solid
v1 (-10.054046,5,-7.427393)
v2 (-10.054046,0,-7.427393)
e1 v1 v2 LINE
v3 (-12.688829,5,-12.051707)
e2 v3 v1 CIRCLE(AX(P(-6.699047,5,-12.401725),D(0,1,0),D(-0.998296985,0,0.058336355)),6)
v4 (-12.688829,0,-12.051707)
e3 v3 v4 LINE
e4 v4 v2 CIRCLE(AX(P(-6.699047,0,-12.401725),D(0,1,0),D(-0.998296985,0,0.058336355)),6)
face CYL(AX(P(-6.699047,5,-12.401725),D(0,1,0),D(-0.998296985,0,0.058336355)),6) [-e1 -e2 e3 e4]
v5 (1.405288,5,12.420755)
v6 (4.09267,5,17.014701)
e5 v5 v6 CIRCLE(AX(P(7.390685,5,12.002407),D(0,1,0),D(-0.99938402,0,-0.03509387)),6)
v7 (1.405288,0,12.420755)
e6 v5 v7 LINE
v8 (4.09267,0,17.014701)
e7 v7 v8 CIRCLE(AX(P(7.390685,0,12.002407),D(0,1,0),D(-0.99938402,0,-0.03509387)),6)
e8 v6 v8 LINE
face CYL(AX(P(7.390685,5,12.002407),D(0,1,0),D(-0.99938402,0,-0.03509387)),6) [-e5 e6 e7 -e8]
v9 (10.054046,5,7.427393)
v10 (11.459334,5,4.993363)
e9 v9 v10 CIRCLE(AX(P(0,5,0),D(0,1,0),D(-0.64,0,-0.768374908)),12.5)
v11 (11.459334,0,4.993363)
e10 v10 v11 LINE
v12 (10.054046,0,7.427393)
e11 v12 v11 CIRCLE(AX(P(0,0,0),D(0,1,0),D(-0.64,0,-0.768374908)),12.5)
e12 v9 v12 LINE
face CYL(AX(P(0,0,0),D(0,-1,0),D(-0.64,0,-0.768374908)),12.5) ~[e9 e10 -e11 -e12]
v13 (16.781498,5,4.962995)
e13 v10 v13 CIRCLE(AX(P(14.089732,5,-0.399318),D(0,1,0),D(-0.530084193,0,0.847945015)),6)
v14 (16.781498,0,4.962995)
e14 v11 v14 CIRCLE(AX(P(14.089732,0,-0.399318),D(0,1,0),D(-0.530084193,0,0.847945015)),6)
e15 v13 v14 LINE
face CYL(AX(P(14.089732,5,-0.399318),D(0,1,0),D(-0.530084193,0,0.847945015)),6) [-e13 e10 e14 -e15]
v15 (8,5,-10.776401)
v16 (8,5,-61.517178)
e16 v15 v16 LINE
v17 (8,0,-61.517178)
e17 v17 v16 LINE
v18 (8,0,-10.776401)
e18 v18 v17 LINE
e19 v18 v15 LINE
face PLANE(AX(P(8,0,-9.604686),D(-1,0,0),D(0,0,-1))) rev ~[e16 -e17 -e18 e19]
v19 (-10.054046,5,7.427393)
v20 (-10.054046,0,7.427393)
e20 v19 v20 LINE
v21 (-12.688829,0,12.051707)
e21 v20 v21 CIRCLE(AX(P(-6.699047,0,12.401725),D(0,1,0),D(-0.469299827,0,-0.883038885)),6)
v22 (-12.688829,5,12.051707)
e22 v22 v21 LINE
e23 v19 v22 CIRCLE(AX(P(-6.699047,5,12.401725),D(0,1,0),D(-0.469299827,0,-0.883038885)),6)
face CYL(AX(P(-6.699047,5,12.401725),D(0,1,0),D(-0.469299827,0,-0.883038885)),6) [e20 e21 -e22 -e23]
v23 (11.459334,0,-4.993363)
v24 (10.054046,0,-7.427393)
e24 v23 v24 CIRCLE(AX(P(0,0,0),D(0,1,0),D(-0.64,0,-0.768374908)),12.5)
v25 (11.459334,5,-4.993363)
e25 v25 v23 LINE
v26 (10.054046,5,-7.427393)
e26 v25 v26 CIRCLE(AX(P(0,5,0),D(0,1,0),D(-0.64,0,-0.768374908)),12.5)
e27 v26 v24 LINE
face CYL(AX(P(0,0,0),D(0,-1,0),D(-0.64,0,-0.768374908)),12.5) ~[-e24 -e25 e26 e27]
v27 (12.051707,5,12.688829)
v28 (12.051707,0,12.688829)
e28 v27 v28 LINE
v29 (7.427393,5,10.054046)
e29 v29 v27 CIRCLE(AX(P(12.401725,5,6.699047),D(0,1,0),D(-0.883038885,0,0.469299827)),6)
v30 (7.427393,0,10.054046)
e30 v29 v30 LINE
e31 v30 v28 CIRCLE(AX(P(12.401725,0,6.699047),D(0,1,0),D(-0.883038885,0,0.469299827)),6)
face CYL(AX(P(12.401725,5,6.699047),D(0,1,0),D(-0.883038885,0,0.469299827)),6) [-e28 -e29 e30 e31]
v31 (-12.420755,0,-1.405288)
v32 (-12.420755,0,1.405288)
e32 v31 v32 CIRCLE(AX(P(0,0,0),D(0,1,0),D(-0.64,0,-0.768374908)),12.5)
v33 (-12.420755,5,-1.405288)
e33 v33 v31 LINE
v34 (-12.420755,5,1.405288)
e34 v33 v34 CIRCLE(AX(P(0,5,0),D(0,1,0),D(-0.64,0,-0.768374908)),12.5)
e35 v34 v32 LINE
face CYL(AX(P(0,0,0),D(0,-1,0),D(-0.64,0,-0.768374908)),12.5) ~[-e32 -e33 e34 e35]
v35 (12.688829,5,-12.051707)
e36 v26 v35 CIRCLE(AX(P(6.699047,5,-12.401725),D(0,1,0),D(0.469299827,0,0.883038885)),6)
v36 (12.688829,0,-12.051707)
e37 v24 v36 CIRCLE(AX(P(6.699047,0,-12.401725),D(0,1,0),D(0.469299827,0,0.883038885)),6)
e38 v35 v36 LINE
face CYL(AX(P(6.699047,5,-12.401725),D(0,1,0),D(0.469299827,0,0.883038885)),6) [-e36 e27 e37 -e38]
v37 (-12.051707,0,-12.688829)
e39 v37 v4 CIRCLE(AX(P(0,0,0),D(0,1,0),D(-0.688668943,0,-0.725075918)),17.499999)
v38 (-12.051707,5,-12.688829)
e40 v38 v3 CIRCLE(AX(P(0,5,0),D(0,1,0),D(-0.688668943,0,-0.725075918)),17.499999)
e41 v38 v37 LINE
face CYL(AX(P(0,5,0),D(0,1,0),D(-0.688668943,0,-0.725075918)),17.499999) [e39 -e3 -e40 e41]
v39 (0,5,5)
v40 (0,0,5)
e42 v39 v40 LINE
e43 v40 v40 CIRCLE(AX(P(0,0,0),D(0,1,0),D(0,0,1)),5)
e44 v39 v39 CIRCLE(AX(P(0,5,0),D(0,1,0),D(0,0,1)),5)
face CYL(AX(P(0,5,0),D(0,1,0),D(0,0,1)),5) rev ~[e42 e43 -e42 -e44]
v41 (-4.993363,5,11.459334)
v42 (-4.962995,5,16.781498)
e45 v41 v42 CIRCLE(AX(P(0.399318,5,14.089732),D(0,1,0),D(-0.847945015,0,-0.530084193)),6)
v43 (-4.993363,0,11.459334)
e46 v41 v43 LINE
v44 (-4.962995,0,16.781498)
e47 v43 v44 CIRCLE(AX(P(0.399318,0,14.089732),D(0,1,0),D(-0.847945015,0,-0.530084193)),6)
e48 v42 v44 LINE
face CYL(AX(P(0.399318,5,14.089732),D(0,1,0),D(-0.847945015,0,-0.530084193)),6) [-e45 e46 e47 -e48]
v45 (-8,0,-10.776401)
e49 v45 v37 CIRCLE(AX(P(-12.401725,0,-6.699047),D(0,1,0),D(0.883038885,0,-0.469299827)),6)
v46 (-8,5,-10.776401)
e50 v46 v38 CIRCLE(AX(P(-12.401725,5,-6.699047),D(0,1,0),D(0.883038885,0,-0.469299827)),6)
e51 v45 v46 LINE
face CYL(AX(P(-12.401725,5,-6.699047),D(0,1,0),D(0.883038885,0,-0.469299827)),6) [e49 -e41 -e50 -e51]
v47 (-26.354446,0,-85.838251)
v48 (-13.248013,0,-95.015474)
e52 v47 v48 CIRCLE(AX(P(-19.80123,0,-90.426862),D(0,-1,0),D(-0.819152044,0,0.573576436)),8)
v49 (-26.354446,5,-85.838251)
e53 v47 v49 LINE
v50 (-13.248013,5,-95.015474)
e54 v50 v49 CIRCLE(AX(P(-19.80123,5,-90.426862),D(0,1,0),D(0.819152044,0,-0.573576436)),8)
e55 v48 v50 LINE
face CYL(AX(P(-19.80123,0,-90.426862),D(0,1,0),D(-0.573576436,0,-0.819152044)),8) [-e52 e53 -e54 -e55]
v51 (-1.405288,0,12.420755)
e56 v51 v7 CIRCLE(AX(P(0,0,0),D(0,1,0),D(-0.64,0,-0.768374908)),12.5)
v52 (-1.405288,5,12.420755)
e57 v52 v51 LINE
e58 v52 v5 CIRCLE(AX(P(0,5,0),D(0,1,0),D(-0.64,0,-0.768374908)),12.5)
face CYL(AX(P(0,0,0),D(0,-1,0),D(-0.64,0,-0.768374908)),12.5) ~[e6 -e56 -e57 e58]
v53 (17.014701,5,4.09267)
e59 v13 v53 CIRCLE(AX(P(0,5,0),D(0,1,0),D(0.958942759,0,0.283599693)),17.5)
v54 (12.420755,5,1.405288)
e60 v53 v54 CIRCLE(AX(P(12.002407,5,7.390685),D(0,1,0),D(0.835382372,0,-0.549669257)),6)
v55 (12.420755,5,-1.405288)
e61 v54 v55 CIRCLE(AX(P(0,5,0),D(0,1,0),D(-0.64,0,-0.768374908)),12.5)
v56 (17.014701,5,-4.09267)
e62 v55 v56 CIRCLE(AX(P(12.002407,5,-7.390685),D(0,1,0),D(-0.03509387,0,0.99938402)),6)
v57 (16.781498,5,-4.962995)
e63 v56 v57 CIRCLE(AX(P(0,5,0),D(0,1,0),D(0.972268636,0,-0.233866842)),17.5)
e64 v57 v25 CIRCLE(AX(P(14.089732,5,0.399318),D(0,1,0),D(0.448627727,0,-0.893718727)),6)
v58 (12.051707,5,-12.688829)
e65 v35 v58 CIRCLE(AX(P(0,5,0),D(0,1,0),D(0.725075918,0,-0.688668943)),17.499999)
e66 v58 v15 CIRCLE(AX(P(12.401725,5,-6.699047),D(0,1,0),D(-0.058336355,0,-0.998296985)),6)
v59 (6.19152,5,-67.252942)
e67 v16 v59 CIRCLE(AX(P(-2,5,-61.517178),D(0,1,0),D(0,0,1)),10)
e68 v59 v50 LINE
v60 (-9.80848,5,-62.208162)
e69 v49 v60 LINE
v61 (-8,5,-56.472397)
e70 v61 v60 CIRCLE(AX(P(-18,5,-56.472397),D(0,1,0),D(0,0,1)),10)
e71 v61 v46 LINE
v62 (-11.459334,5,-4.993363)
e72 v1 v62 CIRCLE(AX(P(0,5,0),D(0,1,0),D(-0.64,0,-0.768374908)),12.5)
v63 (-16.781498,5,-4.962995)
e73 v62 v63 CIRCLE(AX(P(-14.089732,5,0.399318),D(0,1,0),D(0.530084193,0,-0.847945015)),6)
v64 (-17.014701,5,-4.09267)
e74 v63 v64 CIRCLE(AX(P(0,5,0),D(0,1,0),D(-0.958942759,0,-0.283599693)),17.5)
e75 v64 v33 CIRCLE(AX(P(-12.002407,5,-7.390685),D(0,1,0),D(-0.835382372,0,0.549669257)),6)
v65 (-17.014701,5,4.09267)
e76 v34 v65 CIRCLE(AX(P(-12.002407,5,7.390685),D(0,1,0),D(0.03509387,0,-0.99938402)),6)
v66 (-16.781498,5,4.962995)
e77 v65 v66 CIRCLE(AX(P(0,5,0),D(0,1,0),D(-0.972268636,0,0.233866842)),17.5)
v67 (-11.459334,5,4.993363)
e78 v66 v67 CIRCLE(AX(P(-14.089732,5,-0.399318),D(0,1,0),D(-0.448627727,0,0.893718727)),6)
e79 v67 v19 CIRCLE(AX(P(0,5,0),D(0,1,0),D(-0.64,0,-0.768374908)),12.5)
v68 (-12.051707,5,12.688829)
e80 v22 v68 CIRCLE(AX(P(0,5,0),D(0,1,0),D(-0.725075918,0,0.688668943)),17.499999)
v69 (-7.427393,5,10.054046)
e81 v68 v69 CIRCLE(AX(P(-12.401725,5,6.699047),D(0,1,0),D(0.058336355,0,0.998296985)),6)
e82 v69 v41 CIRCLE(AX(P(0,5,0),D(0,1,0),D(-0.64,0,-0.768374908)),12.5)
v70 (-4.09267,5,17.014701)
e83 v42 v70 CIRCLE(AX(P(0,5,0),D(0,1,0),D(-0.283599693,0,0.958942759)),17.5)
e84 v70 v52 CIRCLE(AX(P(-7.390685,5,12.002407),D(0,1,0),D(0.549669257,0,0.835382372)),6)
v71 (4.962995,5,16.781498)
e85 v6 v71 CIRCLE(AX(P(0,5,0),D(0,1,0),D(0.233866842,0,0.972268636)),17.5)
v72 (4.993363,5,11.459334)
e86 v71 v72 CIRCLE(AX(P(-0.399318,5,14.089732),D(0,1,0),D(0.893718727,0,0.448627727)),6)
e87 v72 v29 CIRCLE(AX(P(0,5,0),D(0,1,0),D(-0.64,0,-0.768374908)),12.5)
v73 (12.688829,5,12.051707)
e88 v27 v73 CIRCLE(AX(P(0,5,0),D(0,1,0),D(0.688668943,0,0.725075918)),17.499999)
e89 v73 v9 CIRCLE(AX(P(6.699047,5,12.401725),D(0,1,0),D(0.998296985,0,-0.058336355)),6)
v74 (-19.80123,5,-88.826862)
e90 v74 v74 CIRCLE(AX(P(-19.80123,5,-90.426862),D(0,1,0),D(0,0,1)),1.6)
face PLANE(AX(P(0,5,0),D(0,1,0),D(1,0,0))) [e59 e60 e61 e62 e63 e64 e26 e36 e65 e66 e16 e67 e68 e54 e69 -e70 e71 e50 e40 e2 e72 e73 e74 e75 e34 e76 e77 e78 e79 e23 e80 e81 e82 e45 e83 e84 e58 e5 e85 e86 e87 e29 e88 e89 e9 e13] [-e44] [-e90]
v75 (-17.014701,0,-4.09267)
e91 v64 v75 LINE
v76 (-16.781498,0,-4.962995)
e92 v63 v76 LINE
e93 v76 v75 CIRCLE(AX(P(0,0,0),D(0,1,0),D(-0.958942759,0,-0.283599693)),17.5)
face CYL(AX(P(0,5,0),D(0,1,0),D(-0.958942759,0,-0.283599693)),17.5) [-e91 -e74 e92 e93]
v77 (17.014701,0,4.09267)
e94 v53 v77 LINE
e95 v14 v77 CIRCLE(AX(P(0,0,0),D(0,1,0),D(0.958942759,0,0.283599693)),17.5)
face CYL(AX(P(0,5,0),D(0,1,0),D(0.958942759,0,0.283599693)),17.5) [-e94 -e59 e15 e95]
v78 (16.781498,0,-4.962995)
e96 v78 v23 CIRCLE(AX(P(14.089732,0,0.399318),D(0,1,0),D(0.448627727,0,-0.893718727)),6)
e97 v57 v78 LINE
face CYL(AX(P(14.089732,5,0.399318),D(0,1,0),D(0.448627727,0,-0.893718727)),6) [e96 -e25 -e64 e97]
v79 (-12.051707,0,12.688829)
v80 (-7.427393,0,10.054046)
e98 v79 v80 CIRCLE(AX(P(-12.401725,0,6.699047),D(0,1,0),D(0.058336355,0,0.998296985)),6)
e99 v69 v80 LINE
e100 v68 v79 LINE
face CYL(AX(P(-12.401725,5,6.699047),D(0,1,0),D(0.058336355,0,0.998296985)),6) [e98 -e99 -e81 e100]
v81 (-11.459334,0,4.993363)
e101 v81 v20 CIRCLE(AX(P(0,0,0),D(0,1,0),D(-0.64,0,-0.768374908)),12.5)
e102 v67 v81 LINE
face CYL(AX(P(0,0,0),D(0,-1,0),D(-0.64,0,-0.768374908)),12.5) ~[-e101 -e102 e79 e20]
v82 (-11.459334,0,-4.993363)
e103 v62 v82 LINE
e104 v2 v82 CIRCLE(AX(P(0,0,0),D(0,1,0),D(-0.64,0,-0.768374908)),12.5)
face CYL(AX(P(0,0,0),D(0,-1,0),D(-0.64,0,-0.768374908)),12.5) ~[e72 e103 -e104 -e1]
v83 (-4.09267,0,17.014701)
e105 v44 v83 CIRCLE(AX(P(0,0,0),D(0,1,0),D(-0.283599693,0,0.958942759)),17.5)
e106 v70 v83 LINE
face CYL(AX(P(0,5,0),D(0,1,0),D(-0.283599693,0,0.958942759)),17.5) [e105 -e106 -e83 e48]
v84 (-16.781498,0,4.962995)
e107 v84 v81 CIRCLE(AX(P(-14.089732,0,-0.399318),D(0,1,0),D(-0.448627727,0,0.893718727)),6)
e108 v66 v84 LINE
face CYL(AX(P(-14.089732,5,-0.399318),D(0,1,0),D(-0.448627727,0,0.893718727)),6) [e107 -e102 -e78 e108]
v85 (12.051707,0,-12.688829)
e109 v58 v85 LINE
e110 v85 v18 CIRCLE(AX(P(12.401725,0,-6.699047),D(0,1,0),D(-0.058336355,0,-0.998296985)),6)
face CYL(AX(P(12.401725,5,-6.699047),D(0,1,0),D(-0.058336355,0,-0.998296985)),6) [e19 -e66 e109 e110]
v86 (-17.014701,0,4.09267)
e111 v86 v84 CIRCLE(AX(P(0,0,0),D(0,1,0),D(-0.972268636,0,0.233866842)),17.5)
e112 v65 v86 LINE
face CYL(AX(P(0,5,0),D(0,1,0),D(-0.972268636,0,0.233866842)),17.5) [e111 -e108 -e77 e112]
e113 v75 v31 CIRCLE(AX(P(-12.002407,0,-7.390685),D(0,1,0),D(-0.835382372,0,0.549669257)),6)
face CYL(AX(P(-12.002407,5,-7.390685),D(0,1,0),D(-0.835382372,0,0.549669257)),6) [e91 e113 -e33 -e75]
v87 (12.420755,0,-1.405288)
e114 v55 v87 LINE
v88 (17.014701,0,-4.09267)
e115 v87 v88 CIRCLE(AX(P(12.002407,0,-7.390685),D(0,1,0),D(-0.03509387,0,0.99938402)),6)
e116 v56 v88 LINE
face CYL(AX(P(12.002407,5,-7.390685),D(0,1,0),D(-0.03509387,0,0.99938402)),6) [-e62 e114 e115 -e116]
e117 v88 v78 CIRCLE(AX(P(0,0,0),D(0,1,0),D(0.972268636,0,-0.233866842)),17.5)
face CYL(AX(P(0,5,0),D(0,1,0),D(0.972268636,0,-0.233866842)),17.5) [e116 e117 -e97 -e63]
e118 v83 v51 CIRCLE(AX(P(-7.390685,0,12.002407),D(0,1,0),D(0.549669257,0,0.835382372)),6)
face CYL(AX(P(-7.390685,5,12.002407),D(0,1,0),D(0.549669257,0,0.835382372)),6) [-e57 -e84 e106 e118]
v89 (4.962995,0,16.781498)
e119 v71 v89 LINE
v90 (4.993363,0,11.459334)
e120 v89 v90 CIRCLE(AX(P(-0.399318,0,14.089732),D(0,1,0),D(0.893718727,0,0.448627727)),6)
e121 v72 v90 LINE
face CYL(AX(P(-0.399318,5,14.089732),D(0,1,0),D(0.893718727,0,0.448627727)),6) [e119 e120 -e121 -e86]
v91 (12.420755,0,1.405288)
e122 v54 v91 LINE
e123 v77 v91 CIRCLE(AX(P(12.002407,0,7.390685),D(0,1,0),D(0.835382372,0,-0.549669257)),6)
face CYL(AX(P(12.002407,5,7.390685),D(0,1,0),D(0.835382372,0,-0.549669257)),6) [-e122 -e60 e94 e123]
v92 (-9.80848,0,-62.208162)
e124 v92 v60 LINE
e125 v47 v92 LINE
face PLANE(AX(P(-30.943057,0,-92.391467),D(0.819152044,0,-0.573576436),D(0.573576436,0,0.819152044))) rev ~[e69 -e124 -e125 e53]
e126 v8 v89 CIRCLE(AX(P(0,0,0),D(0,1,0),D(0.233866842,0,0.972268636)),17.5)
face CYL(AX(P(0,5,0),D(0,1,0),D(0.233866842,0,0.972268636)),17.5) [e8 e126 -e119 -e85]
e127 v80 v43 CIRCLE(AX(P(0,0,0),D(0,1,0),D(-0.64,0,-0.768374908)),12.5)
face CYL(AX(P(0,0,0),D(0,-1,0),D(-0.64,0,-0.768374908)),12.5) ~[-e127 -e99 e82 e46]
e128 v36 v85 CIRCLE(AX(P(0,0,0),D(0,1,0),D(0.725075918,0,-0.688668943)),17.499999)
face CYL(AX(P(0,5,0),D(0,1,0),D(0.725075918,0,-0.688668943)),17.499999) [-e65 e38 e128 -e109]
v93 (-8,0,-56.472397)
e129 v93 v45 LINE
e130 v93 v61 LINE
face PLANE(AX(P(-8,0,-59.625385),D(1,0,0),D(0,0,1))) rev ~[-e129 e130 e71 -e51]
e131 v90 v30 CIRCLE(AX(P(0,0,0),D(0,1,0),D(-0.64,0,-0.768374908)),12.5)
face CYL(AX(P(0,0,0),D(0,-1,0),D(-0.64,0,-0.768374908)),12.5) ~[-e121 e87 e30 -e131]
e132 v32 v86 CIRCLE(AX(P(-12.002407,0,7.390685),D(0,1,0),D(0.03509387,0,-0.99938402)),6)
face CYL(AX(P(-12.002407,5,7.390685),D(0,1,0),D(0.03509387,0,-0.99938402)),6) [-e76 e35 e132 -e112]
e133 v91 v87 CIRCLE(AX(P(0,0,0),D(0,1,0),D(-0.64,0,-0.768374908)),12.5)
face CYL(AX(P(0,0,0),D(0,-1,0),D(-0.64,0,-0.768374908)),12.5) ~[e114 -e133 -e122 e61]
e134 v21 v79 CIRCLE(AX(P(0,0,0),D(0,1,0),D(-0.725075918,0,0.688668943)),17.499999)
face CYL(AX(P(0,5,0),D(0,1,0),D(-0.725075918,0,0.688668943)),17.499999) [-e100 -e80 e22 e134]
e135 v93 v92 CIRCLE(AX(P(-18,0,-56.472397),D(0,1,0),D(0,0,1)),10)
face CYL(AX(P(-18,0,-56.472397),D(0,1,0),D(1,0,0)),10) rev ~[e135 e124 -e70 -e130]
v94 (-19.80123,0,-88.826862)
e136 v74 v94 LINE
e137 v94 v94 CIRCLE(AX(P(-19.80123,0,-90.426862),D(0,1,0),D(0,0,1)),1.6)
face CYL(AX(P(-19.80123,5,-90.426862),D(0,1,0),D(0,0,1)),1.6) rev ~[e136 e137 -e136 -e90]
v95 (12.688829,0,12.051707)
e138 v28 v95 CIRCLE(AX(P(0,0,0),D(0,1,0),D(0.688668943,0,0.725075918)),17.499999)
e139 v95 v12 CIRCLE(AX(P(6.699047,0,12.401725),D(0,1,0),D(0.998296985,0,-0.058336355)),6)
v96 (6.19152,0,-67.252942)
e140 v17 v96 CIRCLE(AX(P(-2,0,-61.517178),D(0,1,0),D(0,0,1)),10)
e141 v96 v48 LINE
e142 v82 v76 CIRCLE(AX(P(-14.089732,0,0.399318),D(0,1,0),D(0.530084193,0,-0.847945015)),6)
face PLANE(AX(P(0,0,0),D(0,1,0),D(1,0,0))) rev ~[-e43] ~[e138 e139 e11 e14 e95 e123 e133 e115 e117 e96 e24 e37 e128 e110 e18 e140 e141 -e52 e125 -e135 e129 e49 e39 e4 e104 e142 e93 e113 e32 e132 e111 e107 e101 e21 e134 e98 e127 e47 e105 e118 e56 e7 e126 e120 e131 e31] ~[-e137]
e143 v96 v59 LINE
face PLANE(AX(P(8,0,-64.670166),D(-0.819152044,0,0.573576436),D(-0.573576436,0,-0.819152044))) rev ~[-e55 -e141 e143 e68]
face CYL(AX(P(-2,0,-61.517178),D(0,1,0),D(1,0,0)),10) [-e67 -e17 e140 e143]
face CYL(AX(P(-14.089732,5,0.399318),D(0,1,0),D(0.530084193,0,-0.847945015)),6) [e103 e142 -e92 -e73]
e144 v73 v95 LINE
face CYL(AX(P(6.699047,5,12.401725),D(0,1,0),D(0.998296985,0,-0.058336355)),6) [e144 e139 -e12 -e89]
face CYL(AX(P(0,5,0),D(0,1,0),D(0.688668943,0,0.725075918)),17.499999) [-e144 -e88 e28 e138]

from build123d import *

# Parameters (mm, degrees)
BOSS_EXTRUDE1_DEPTH = 5
FILLET1_RADIUS      = 8
FILLET1_LENGTH      = 5
FILLET2_R           = 10
SKETCH2_R           = 1.6
CUT_EXTRUDE2_DEPTH  = 103.399978443
BOSS_EXTRUDE3_DEPTH = 5
SKETCH6_R           = 5
CUT_EXTRUDE3_DEPTH  = 103.399978443


with BuildPart() as part:
    # Sketch1 → Boss-Extrude1 (new body)
    with BuildSketch(Plane(origin=(0, 0, 0), x_dir=(1, 0, 0), z_dir=(0, 1, 0))):
        with BuildLine():
            Line((8, 9.604686356), (8, 64.67016599))
            Line((8, 64.67016599), (-17.836624745, 101.568690121))
            Line((-17.836624745, 101.568690121), (-30.943057454, 92.391467139))
            Line((-30.943057454, 92.391467139), (-8, 59.625385368))
            Line((-8, 59.625385368), (-8, 9.604686356))
            ThreePointArc((-8, 9.604686356), (0, -12.5), (8, 9.604686356))
        make_face()
    extrude(amount=BOSS_EXTRUDE1_DEPTH)

    # Fillet1: full round fillet: the end face becomes a half cylinder, R = half its width
    fillet1_face = Plane((-24.3898411, 2.5, -96.98007863), x_dir=(0, 1, 0), z_dir=(-0.573576436351, 0, -0.819152044289))  # on the end face: x along it, z out of the body
    fillet1_slab = fillet1_face.offset(-FILLET1_RADIUS / 2) * Box(FILLET1_LENGTH, 2 * FILLET1_RADIUS, FILLET1_RADIUS, mode=Mode.PRIVATE)  # the body's end, R deep
    fillet1_round = Plane((-19.801229609, 2.5, -90.426862276), x_dir=(-0.573576436351, 0, -0.819152044289), z_dir=(0, 1, 0)) * Cylinder(FILLET1_RADIUS, FILLET1_LENGTH, mode=Mode.PRIVATE)  # its axis R under the face
    add(fillet1_slab - fillet1_round, mode=Mode.SUBTRACT)

    # Fillet2
    fillet2_edges = [part.edges().sort_by_distance(p)[0] for p in [
        (-8, 2.5, -59.625385368),
        (8, 2.5, -64.67016599),
    ]]
    fillet(fillet2_edges, radius=FILLET2_R)

    # Sketch2 → Cut-Extrude2 (cut, through all)
    with BuildSketch(Plane(origin=(0, 5, 0), x_dir=(1, 0, 0), z_dir=(0, 1, 0))):
        with Locations(Location((-19.801229609, 90.426862276, 0), (0, 0, 270))):
            Circle(SKETCH2_R)
    extrude(amount=-CUT_EXTRUDE2_DEPTH, mode=Mode.SUBTRACT)

    # Sketch5 → Boss-Extrude3 (add)
    with BuildSketch(Plane(origin=(0, 5, 0), x_dir=(1, 0, 0), z_dir=(0, 1, 0))):
        with BuildLine():
            ThreePointArc((-12.051706508, -12.688828561), (-9.162245044, -11.749370601), (-7.103491322, -9.514845613))
            ThreePointArc((-7.103491322, -9.514845613), (-5.937, -10.283185645), (-4.688352353, -10.909226747))
            ThreePointArc((-4.688352353, -10.909226747), (-5.594130897, -13.809422264), (-4.962994624, -16.781498275))
            ThreePointArc((-4.962994624, -16.781498275), (-4.529333289, -16.90370196), (-4.092669715, -17.014701132))
            ThreePointArc((-4.092669715, -17.014701132), (-2.060051663, -14.756375941), (-1.394381134, -11.791843675))
            ThreePointArc((-1.394381134, -11.791843675), (0, -11.874), (1.394381134, -11.791843675))
            ThreePointArc((1.394381134, -11.791843675), (2.060051663, -14.756375941), (4.092669715, -17.014701132))
            ThreePointArc((4.092669715, -17.014701132), (4.529333289, -16.90370196), (4.962994624, -16.781498275))
            ThreePointArc((4.962994624, -16.781498275), (5.594130897, -13.809422264), (4.688352353, -10.909226747))
            ThreePointArc((4.688352353, -10.909226747), (5.937, -10.283185645), (7.103491322, -9.514845613))
            ThreePointArc((7.103491322, -9.514845613), (9.162245044, -11.749370601), (12.051706508, -12.688828561))
            ThreePointArc((12.051706508, -12.688828561), (12.374368671, -12.374368671), (12.688828561, -12.051706508))
            ThreePointArc((12.688828561, -12.051706508), (11.749370601, -9.162245044), (9.514845613, -7.103491322))
            ThreePointArc((9.514845613, -7.103491322), (10.283185645, -5.937), (10.909226747, -4.688352353))
            ThreePointArc((10.909226747, -4.688352353), (13.809422264, -5.594130897), (16.781498275, -4.962994624))
            ThreePointArc((16.781498275, -4.962994624), (16.90370196, -4.529333289), (17.014701132, -4.092669715))
            ThreePointArc((17.014701132, -4.092669715), (14.756375941, -2.060051663), (11.791843675, -1.394381134))
            ThreePointArc((11.791843675, -1.394381134), (11.874, 0), (11.791843675, 1.394381134))
            ThreePointArc((11.791843675, 1.394381134), (14.756375941, 2.060051663), (17.014701132, 4.092669715))
            ThreePointArc((17.014701132, 4.092669715), (16.90370196, 4.529333289), (16.781498275, 4.962994624))
            ThreePointArc((16.781498275, 4.962994624), (13.809422264, 5.594130897), (10.909226747, 4.688352353))
            ThreePointArc((10.909226747, 4.688352353), (10.283185645, 5.937), (9.514845613, 7.103491322))
            ThreePointArc((9.514845613, 7.103491322), (11.749370601, 9.162245044), (12.688828561, 12.051706508))
            ThreePointArc((12.688828561, 12.051706508), (12.374368671, 12.374368671), (12.051706508, 12.688828561))
            ThreePointArc((12.051706508, 12.688828561), (9.162245044, 11.749370601), (7.103491322, 9.514845613))
            ThreePointArc((7.103491322, 9.514845613), (5.937, 10.283185645), (4.688352353, 10.909226747))
            ThreePointArc((4.688352353, 10.909226747), (5.594130897, 13.809422264), (4.962994624, 16.781498275))
            ThreePointArc((4.962994624, 16.781498275), (4.529333289, 16.90370196), (4.092669715, 17.014701132))
            ThreePointArc((4.092669715, 17.014701132), (2.060051663, 14.756375941), (1.394381134, 11.791843675))
            ThreePointArc((1.394381134, 11.791843675), (0, 11.874), (-1.394381134, 11.791843675))
            ThreePointArc((-1.394381134, 11.791843675), (-2.060051663, 14.756375941), (-4.092669715, 17.014701132))
            ThreePointArc((-4.092669715, 17.014701132), (-4.529333289, 16.90370196), (-4.962994624, 16.781498275))
            ThreePointArc((-4.962994624, 16.781498275), (-5.594130897, 13.809422264), (-4.688352353, 10.909226747))
            ThreePointArc((-4.688352353, 10.909226747), (-5.937, 10.283185645), (-7.103491322, 9.514845613))
            ThreePointArc((-7.103491322, 9.514845613), (-9.162245044, 11.749370601), (-12.051706508, 12.688828561))
            ThreePointArc((-12.051706508, 12.688828561), (-12.374368671, 12.374368671), (-12.688828561, 12.051706508))
            ThreePointArc((-12.688828561, 12.051706508), (-11.749370601, 9.162245044), (-9.514845613, 7.103491322))
            ThreePointArc((-9.514845613, 7.103491322), (-10.283185645, 5.937), (-10.909226747, 4.688352353))
            ThreePointArc((-10.909226747, 4.688352353), (-13.809422264, 5.594130897), (-16.781498275, 4.962994624))
            ThreePointArc((-16.781498275, 4.962994624), (-16.90370196, 4.529333289), (-17.014701132, 4.092669715))
            ThreePointArc((-17.014701132, 4.092669715), (-14.756375941, 2.060051663), (-11.791843675, 1.394381134))
            ThreePointArc((-11.791843675, 1.394381134), (-11.874, 0), (-11.791843675, -1.394381134))
            ThreePointArc((-11.791843675, -1.394381134), (-14.756375941, -2.060051663), (-17.014701132, -4.092669715))
            ThreePointArc((-17.014701132, -4.092669715), (-16.90370196, -4.529333289), (-16.781498275, -4.962994624))
            ThreePointArc((-16.781498275, -4.962994624), (-13.809422264, -5.594130897), (-10.909226747, -4.688352353))
            ThreePointArc((-10.909226747, -4.688352353), (-10.283185645, -5.937), (-9.514845613, -7.103491322))
            ThreePointArc((-9.514845613, -7.103491322), (-11.749370601, -9.162245044), (-12.688828561, -12.051706508))
            ThreePointArc((-12.688828561, -12.051706508), (-12.374368671, -12.374368671), (-12.051706508, -12.688828561))
        make_face()
    extrude(amount=-BOSS_EXTRUDE3_DEPTH)

    # Sketch6 → Cut-Extrude3 (cut, through all)
    with BuildSketch(Plane(origin=(0, 5, 0), x_dir=(1, 0, 0), z_dir=(0, 1, 0))):
        with Locations(Location((0, 0, 0), (0, 0, 270))):
            Circle(SKETCH6_R)
    extrude(amount=-CUT_EXTRUDE3_DEPTH, mode=Mode.SUBTRACT)


solid = part.part
